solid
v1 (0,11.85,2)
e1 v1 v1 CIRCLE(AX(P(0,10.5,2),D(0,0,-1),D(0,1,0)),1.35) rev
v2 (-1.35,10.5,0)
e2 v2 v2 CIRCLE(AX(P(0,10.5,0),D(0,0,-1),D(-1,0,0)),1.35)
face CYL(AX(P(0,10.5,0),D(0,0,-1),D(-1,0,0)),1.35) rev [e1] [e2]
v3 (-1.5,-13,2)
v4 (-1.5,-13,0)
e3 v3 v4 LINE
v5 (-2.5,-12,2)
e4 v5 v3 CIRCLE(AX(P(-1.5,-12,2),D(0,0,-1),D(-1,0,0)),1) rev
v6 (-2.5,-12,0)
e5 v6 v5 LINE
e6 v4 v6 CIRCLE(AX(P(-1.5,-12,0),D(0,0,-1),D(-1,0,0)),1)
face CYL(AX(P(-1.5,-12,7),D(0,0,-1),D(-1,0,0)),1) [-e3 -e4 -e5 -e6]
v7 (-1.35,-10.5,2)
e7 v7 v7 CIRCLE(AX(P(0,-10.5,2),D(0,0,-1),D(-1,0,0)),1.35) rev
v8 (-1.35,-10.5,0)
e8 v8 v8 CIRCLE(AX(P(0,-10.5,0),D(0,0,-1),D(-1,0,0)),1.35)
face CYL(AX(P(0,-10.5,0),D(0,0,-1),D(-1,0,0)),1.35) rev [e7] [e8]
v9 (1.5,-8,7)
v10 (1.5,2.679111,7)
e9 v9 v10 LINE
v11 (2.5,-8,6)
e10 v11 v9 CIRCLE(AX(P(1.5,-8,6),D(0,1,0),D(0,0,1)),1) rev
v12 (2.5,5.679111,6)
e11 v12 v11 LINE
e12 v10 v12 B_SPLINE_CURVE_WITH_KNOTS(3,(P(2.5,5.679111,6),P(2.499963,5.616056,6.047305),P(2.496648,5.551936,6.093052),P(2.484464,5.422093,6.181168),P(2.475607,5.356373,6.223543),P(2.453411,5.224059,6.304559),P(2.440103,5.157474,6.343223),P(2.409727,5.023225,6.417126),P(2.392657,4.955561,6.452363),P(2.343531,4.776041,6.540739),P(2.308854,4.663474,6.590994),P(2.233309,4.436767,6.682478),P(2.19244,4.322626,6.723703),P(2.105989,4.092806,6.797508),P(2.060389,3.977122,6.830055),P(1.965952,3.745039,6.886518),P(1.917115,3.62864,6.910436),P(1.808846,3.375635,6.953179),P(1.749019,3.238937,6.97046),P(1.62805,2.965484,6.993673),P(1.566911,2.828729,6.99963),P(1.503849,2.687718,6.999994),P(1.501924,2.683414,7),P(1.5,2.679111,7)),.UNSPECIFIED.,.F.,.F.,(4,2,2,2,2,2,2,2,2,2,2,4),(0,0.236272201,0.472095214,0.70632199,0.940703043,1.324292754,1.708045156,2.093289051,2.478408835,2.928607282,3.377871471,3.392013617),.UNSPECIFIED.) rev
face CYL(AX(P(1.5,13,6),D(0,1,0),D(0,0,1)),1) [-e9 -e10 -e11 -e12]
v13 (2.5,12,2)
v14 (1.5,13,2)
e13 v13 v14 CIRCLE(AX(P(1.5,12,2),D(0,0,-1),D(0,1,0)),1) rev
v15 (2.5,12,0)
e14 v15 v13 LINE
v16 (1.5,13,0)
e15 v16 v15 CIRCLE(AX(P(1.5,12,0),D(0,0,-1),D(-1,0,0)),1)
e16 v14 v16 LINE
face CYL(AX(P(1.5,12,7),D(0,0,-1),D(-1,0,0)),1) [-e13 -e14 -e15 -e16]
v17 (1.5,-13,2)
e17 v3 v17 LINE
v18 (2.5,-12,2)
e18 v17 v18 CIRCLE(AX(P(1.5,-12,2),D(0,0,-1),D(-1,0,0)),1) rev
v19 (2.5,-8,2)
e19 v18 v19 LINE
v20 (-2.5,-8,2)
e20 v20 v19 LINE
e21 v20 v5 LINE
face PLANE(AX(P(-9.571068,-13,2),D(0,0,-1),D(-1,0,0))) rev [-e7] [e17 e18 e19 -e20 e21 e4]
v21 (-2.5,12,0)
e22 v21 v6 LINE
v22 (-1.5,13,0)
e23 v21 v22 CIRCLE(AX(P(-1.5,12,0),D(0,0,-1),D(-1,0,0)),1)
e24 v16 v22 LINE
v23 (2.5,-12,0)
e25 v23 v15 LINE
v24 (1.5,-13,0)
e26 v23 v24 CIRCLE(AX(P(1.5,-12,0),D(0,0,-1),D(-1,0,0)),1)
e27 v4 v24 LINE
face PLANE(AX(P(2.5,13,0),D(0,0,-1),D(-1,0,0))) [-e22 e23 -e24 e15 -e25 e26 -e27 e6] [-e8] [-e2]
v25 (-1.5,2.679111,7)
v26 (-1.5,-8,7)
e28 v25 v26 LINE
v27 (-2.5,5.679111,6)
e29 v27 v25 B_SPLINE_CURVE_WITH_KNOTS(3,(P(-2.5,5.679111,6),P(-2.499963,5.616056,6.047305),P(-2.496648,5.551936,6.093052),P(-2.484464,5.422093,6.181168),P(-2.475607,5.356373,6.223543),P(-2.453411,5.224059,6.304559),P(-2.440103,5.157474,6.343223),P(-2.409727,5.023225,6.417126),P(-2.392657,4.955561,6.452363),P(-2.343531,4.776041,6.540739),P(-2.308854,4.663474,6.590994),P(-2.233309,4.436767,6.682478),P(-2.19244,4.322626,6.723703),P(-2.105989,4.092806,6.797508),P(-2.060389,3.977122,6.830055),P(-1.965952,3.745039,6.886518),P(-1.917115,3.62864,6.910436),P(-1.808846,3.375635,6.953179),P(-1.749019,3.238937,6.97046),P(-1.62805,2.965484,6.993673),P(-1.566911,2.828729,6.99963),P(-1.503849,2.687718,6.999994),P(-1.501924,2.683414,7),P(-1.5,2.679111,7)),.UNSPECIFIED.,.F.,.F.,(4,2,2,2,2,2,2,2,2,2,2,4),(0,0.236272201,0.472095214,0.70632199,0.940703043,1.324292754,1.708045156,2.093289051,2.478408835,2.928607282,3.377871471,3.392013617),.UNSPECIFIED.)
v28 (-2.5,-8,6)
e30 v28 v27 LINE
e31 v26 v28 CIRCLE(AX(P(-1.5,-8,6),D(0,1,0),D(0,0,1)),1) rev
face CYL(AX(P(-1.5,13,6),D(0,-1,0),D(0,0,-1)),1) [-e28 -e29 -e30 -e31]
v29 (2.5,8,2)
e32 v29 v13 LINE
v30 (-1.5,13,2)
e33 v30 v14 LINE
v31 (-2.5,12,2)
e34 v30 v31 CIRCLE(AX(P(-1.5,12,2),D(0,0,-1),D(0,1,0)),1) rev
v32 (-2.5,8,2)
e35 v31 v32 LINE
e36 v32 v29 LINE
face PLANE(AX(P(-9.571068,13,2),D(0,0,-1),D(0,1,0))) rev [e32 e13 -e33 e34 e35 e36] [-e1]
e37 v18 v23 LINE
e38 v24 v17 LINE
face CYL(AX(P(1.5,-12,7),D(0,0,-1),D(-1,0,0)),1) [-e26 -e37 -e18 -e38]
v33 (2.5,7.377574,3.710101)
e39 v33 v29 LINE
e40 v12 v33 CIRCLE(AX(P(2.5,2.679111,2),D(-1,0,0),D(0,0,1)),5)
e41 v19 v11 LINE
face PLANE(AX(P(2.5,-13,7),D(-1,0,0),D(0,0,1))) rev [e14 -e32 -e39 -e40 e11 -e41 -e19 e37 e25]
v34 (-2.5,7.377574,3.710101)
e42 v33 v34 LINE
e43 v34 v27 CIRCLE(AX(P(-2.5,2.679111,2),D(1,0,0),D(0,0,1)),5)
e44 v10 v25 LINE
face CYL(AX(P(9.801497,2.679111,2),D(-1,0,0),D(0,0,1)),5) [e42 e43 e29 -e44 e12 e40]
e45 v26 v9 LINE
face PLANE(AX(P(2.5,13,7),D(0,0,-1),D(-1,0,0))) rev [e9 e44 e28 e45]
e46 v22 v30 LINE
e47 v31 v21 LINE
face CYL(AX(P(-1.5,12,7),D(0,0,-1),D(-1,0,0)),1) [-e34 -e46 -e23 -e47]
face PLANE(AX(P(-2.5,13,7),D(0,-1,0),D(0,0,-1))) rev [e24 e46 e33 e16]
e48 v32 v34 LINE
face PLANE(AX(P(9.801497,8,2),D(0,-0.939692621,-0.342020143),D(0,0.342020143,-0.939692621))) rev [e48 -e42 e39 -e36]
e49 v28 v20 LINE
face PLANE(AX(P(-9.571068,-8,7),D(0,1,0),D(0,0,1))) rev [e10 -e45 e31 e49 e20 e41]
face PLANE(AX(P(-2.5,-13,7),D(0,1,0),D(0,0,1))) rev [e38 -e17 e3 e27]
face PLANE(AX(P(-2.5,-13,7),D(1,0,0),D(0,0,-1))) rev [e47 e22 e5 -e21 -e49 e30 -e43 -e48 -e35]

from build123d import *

# Parameters (mm, degrees)
SKETCH1_W                  = 5
SKETCH1_H                  = 26
EXTRUDE1_DEPTH             = 7
F_2_7_2_7_DIAMETER_HOLE1_D = 2.7
EXTRUDE3_REACH             = 17.588
SKETCH8_W                  = 5
SKETCH8_H                  = 5
FILLET1_R                  = 1
FILLET2_R                  = 1
EXTRUDE4_REACH             = 17.588


with BuildPart() as part:
    # Sketch1 → Extrude1 (new body)
    with BuildSketch(Plane.XY):
        Rectangle(SKETCH1_W, SKETCH1_H)
    extrude(amount=EXTRUDE1_DEPTH)

    # Ø2.7 (2.7) Diameter Hole1 (through all)
    with Locations(Plane(origin=(0, 0, 0), x_dir=(-1, 0, 0), z_dir=(0, 0, -1))):
        with Locations((0, 10.5), (0, -10.5)):
            Hole(F_2_7_2_7_DIAMETER_HOLE1_D / 2)

    # Extrude3: up to this face of the body (flat: up to its plane)
    extrude3_end = Plane(part.part.faces().sort_by_distance((-2.5, 0, 3.5))[0])
    # Sketch8 → Extrude3 (cut, up to the picked face)
    with BuildSketch(Plane(origin=(2.5, 0, 0), x_dir=(0, 0, -1), z_dir=(1, 0, 0)), mode=Mode.PRIVATE) as extrude3_sk1:
        with Locations((-4.5, -10.5)):
            Rectangle(SKETCH8_W, SKETCH8_H)
    extrude3_tool1 = split(extrude(extrude3_sk1.sketch, amount=-EXTRUDE3_REACH, mode=Mode.PRIVATE), bisect_by=extrude3_end, keep=Keep.BOTH, mode=Mode.PRIVATE)
    # Sketch8 → Extrude3 (cut, up to the picked face)
    with BuildSketch(Plane(origin=(2.5, 0, 0), x_dir=(0, 0, -1), z_dir=(1, 0, 0)), mode=Mode.PRIVATE) as extrude3_sk2:
        with Locations((-4.5, 10.5)):
            Rectangle(SKETCH8_W, SKETCH8_H)
    extrude3_tool2 = split(extrude(extrude3_sk2.sketch, amount=-EXTRUDE3_REACH, mode=Mode.PRIVATE), bisect_by=extrude3_end, keep=Keep.BOTH, mode=Mode.PRIVATE)
    add(extrude3_tool1.solids().sort_by(Axis((2.5, -10.5, 4.5), (-1, 0, 0)))[0], mode=Mode.SUBTRACT)
    add(extrude3_tool2.solids().sort_by(Axis((2.5, 10.5, 4.5), (-1, 0, 0)))[0], mode=Mode.SUBTRACT)

    # Fillet1
    fillet1_edges = [part.edges().sort_by_distance(p)[0] for p in [
        (2.5, 0, 7),
        (-2.5, 0, 7),
    ]]
    fillet(fillet1_edges, radius=FILLET1_R)

    # Fillet2
    fillet2_edges = [part.edges().sort_by_distance(p)[0] for p in [
        (2.5, -13, 1),
        (-2.5, -13, 1),
        (-2.5, 13, 1),
        (2.5, 13, 1),
    ]]
    fillet(fillet2_edges, radius=FILLET2_R)

    # Extrude4: up to this face of the body (flat: up to its plane)
    extrude4_end = Plane(part.part.faces().sort_by_distance((2.5, 0, 2.714285714))[0])
    # Sketch9 → Extrude4 (cut, up to the picked face)
    with BuildSketch(Plane.ZY.offset(2.5), mode=Mode.PRIVATE) as extrude4_sk1:
        with BuildLine():
            Line((2, 8), (3.710100717, 7.377574242))
            ThreePointArc((3.710100717, 7.377574242), (6.095760221, 5.546993319), (7, 2.679111138))
            Line((7, 2.679111138), (7, 8))
            Line((7, 8), (2, 8))
        make_face()
    extrude4_tool1 = split(extrude(extrude4_sk1.sketch, amount=-EXTRUDE4_REACH, mode=Mode.PRIVATE), bisect_by=extrude4_end, keep=Keep.BOTH, mode=Mode.PRIVATE)
    add(extrude4_tool1.solids().sort_by(Axis((-2.5, 6.831886, 5.650764), (1, 0, 0)))[0], mode=Mode.SUBTRACT)


solid = part.part
